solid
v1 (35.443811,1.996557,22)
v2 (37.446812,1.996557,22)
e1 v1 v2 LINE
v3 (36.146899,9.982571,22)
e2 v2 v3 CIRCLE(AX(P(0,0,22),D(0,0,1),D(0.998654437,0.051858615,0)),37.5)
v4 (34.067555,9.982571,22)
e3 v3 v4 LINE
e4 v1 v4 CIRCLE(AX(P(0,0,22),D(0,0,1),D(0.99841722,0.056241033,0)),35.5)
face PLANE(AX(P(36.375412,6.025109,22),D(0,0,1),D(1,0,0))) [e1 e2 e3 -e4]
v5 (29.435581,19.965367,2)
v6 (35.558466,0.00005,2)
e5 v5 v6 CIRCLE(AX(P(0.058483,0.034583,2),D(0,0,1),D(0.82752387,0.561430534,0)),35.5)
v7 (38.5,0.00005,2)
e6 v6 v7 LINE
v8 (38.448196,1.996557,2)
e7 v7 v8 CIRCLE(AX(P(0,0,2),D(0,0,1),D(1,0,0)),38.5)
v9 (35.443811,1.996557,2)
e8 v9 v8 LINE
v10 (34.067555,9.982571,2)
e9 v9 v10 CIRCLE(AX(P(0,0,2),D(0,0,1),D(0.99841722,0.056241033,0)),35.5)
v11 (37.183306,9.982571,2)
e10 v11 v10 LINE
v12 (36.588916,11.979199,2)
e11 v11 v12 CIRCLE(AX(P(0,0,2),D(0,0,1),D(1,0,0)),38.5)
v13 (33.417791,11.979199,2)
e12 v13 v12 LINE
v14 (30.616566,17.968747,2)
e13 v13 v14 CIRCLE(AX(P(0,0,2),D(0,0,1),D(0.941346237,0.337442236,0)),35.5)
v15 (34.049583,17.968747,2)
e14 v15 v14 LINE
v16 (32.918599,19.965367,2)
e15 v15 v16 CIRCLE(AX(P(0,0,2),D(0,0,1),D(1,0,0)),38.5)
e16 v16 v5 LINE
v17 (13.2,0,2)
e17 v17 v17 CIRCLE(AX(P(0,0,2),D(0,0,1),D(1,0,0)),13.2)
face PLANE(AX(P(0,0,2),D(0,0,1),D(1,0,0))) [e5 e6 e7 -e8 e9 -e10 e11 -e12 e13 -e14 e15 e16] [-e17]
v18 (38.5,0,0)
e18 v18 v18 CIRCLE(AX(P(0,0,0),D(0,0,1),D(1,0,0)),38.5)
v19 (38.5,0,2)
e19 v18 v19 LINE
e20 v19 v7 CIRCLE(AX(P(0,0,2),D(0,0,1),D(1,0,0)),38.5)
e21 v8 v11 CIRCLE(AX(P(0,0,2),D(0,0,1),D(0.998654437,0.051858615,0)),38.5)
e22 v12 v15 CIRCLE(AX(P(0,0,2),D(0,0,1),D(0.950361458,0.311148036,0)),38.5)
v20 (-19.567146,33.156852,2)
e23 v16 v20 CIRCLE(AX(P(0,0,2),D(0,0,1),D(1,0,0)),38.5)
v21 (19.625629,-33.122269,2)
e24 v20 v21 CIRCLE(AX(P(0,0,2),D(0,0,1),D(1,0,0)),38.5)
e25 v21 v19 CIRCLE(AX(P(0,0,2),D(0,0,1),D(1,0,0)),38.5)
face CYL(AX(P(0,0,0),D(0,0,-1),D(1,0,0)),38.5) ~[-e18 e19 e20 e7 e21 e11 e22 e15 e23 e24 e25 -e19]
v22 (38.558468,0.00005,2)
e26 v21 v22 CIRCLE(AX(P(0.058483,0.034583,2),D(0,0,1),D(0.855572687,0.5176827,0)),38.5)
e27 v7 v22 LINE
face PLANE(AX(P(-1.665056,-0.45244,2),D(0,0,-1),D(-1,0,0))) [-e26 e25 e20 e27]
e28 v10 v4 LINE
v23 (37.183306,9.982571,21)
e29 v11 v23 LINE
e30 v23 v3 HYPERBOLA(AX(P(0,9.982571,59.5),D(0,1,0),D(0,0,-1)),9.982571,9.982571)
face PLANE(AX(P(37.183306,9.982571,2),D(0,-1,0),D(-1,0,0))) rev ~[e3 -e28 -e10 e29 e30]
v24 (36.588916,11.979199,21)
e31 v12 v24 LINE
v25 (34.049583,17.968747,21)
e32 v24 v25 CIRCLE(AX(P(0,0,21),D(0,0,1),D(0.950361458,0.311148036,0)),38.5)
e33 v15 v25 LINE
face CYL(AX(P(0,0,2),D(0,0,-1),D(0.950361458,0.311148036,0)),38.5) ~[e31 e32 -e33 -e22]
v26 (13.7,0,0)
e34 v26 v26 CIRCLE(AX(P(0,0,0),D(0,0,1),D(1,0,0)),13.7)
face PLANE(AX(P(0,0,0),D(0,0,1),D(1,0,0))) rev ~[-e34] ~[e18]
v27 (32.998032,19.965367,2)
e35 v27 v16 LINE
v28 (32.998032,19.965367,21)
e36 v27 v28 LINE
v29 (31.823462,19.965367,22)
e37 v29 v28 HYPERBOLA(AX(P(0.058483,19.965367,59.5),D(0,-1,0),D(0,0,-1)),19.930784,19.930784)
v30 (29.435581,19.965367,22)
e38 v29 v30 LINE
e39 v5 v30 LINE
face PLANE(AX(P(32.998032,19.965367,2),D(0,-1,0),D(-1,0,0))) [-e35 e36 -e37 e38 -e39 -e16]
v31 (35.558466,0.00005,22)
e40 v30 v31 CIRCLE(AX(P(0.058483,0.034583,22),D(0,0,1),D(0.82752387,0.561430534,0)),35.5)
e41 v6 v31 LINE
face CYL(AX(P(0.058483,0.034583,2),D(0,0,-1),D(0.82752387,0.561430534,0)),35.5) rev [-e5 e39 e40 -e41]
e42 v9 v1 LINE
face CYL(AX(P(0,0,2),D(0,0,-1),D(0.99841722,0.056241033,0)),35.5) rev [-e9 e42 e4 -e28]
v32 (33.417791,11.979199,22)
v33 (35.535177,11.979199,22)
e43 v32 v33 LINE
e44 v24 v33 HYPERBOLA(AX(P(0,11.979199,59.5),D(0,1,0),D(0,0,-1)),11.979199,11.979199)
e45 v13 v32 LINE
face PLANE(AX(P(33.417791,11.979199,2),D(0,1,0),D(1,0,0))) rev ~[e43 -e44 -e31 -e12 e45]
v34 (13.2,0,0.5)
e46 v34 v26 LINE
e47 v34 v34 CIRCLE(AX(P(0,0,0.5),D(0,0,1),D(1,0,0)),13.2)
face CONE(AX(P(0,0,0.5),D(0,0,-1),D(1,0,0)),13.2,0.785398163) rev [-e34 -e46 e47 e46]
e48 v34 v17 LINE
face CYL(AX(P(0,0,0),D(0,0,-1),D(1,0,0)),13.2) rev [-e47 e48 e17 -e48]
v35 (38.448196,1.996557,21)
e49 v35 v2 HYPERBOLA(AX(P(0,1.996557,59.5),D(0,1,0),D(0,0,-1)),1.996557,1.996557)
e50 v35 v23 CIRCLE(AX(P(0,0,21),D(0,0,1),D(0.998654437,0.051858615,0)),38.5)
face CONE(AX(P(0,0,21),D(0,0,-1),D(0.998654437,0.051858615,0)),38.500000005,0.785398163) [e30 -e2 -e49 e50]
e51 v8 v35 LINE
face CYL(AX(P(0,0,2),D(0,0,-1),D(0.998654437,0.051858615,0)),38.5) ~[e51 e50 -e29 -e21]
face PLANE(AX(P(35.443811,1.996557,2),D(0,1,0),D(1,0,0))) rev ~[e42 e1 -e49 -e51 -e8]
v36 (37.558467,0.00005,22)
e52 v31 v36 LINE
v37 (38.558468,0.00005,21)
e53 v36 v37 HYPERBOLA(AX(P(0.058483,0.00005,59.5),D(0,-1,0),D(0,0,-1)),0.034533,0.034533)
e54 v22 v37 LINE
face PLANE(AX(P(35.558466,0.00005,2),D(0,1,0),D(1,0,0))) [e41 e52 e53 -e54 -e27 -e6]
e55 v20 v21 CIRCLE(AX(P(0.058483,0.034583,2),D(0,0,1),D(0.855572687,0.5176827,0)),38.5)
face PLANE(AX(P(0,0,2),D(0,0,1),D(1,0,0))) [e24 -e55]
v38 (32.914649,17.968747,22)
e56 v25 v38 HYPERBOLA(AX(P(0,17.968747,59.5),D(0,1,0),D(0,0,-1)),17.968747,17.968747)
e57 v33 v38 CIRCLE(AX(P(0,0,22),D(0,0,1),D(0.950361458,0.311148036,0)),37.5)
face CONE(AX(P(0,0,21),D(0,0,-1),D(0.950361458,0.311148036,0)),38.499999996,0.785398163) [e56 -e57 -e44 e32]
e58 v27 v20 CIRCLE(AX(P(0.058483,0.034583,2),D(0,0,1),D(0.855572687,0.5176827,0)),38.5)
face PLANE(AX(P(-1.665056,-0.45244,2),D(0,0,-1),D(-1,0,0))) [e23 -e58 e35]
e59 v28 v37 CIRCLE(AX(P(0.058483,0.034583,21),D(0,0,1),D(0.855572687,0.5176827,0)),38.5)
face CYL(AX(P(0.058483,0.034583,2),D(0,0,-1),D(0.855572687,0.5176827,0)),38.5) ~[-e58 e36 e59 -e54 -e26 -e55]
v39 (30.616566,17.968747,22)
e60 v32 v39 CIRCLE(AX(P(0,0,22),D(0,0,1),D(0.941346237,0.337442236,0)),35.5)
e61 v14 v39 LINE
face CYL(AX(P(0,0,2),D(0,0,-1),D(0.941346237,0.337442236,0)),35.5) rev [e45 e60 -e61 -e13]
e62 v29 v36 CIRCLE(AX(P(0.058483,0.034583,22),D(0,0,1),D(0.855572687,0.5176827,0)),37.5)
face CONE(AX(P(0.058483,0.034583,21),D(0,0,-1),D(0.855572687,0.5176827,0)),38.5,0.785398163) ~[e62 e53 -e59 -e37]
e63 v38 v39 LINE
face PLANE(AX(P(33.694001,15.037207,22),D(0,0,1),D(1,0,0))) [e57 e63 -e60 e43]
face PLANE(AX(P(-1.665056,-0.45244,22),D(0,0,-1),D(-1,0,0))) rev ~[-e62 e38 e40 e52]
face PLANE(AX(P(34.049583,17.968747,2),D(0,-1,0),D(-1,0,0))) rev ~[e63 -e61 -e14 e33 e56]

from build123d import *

# Parameters (mm, degrees)
SKETCH_R        = 38.5
SKETCH_R_2      = 13.2
PAD_DEPTH       = 2
PAD001_DEPTH    = 20
PAD002_DEPTH    = 20
PAD003_DEPTH    = 20
CHAMFER_SIZE    = 1
CHAMFER001_SIZE = 1
CHAMFER002_SIZE = 1
CHAMFER003_SIZE = 0.5


with BuildPart() as part:
    # Sketch → Pad (new body)
    with BuildSketch(Plane.XY):
        Circle(SKETCH_R)
        Circle(SKETCH_R_2, mode=Mode.SUBTRACT)
    extrude(amount=PAD_DEPTH)

    # Sketch001 (on Face4 of Pad) → Pad001 (join)
    with BuildSketch(Plane.XY.offset(2)):
        with BuildLine():
            ThreePointArc((29.4355806661, 19.9653668161), (-33.881351172, -10.373953904), (35.5584664799, 5.03191e-05))
            Line((35.5584664799, 5.03191e-05), (38.5584677887, 5.03191e-05))
            ThreePointArc((32.9980317105, 19.9653668161), (-37.0299944858, -10.2947354738), (38.5584677887, 5.03191e-05))
            Line((32.9980317105, 19.9653668161), (29.4355806661, 19.9653668161))
        make_face()
    extrude(amount=PAD001_DEPTH)

    # Sketch002 (on Face4 of Pad001) → Pad002 (join)
    with BuildSketch(Plane.XY.offset(2)):
        with BuildLine():
            ThreePointArc((38.4481958149, 1.9965566804), (38.0259798013, 6.0228614586), (37.1833064686, 9.9825708144))
            Line((37.1833064686, 9.9825708144), (34.0675546515, 9.9825708144))
            ThreePointArc((35.4438113275, 1.9965566804), (34.9843051311, 6.02896297), (34.0675546515, 9.9825708144))
            Line((35.4438113275, 1.9965566804), (38.4481958149, 1.9965566804))
        make_face()
    extrude(amount=PAD002_DEPTH)

    # Sketch003 (on Face3 of Pad002) → Pad003 (join)
    with BuildSketch(Plane.XY.offset(2)):
        with BuildLine():
            Line((33.4177914057, 11.9791993709), (36.5889161145, 11.9791993709))
            ThreePointArc((36.5889161145, 11.9791993709), (35.4459881583, 15.0277051968), (34.0495834936, 17.9687468653))
            Line((34.0495834936, 17.9687468653), (30.6165663668, 17.9687468653))
            ThreePointArc((33.4177914057, 11.9791993709), (32.1569341454, 15.0393346386), (30.6165663668, 17.9687468653))
        make_face()
    extrude(amount=PAD003_DEPTH)

    # Chamfer
    chamfer_edges = [part.edges().sort_by_distance(p)[0] for p in [
        (-37.029994, -10.294735, 22),
    ]]
    chamfer(chamfer_edges, length=CHAMFER_SIZE)

    # Chamfer001
    chamfer001_edges = [part.edges().sort_by_distance(p)[0] for p in [
        (38.02598, 6.022861, 22),
    ]]
    chamfer(chamfer001_edges, length=CHAMFER001_SIZE)

    # Chamfer002
    chamfer002_edges = [part.edges().sort_by_distance(p)[0] for p in [
        (35.445988, 15.027705, 22),
    ]]
    chamfer(chamfer002_edges, length=CHAMFER002_SIZE)

    # Chamfer003
    chamfer003_edges = [part.edges().sort_by_distance(p)[0] for p in [
        (-13.2, 0, 0),
    ]]
    chamfer(chamfer003_edges, length=CHAMFER003_SIZE)


solid = part.part
